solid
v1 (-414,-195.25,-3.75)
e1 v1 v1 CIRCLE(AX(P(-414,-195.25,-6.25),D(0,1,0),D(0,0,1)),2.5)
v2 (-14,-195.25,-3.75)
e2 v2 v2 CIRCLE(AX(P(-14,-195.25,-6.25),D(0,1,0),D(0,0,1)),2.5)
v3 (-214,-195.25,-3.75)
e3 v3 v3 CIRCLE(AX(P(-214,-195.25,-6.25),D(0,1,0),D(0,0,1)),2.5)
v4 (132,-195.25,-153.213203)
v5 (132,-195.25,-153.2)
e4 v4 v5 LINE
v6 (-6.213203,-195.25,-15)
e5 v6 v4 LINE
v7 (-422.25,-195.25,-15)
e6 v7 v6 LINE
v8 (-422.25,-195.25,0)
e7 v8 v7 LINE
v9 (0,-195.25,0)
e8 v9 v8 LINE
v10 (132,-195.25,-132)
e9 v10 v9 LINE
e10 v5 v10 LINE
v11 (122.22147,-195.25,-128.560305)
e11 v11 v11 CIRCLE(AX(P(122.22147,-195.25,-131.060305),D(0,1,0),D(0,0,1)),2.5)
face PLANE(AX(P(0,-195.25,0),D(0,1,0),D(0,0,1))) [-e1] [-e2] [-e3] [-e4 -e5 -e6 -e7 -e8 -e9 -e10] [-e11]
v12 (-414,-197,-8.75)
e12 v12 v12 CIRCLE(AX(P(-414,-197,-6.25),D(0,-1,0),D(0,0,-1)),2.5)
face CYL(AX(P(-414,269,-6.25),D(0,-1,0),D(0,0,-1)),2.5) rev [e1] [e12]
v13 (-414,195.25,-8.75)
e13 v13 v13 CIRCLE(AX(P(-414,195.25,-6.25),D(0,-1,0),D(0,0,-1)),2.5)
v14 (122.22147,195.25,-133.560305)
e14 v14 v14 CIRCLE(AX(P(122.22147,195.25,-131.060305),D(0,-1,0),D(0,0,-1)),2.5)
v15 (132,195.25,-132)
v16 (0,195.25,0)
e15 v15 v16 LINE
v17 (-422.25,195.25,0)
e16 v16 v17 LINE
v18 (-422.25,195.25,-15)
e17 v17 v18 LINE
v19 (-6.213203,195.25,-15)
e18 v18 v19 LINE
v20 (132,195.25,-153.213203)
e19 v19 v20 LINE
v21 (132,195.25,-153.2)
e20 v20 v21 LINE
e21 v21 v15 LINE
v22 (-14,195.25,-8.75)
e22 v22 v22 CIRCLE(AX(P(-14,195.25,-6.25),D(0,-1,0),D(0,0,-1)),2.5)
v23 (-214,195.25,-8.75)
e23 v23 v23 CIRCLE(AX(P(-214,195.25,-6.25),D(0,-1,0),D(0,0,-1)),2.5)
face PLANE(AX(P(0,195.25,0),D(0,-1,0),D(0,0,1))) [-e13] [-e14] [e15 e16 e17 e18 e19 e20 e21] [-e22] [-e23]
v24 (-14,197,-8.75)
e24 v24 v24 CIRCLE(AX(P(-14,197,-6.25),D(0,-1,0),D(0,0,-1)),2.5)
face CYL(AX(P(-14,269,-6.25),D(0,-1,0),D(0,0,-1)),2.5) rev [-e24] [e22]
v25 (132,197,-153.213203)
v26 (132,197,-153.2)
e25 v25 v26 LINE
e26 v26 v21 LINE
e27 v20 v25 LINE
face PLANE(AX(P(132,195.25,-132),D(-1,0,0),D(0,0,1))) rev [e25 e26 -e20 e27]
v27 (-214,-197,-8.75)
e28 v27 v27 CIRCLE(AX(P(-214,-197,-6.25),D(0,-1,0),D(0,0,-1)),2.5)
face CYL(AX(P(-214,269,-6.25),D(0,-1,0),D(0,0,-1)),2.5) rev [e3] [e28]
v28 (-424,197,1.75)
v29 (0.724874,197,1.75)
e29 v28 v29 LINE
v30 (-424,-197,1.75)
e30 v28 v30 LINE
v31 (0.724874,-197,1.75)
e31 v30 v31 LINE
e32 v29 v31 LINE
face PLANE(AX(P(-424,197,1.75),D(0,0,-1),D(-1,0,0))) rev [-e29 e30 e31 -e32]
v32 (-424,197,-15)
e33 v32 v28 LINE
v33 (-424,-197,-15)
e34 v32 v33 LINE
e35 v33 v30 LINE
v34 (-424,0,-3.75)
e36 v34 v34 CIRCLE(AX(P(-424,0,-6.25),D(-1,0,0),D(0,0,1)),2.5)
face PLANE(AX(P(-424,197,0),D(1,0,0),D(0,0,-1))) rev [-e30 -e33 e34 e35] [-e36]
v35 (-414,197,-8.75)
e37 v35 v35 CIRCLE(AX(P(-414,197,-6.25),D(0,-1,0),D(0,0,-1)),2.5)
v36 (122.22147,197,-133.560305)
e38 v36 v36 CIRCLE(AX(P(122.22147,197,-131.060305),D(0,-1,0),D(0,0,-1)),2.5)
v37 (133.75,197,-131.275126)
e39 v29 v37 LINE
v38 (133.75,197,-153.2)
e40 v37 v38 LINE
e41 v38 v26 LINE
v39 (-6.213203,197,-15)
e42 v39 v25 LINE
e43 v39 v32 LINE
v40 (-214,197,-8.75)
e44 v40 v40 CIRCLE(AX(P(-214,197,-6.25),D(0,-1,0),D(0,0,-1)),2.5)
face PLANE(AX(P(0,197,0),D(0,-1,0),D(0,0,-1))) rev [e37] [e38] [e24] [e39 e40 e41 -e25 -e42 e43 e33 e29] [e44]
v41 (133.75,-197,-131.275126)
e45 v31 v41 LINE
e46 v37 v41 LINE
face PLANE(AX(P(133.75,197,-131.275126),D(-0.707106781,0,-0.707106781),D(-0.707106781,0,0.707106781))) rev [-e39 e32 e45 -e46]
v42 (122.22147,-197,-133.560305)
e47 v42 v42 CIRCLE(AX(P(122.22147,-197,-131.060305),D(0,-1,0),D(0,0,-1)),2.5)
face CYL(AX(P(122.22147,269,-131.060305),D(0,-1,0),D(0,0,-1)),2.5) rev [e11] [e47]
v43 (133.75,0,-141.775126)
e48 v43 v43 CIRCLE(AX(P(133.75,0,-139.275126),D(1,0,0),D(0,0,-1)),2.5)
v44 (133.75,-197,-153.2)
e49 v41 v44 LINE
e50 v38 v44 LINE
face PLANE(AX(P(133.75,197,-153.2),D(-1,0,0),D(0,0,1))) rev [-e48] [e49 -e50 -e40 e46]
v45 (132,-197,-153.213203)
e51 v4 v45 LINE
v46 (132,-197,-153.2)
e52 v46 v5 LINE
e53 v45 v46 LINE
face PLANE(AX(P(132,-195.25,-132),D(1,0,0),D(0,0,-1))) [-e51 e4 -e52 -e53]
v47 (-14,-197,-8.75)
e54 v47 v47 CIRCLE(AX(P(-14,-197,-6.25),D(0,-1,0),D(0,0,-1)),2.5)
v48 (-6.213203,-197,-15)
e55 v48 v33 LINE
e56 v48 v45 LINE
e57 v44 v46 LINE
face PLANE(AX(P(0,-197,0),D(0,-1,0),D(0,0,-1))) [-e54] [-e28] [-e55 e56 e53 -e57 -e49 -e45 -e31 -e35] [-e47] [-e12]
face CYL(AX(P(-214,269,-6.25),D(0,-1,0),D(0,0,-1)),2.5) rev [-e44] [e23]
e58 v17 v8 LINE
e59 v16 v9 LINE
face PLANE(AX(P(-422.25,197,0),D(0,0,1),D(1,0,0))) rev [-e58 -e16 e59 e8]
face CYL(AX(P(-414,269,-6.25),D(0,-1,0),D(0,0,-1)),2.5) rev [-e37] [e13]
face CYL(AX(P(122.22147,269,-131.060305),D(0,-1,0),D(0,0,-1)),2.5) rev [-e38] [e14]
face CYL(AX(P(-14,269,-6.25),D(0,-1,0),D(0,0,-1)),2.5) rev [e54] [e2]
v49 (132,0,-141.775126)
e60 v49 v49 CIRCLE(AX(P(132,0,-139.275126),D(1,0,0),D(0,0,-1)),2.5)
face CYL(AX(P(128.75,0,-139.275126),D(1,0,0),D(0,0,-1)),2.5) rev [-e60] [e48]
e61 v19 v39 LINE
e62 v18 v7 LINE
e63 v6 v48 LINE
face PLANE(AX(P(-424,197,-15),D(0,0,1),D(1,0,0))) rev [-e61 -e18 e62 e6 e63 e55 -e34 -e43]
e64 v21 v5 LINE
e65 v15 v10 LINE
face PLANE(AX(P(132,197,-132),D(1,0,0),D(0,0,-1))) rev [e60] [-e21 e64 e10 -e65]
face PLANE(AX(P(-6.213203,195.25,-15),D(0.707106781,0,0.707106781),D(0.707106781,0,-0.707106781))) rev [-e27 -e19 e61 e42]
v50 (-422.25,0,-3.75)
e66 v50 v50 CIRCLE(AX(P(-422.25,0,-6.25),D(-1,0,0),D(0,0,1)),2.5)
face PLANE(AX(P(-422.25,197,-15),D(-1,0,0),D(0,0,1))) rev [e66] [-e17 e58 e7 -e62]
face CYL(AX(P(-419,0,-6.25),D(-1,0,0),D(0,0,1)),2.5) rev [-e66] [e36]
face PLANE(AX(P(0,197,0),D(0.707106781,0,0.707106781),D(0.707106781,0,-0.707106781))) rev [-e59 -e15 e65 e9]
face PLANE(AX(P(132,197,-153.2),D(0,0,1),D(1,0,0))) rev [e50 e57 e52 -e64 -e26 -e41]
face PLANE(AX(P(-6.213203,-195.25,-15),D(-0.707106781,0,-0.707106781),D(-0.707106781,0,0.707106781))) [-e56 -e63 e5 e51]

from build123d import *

# Parameters (mm, degrees)
DODANIE_WYCI_GNI_CIE1_DEPTH = 197
DODANIE_WYCI_GNI_CIE2_DEPTH = 1.75
SZKIC3_R                    = 2.5
WYTNIJ_WYCI_GNI_CIE1_DEPTH  = 466
SZKIC4_R                    = 2.5
WYTNIJ_WYCI_GNI_CIE2_DEPTH  = 5
SZKIC5_R                    = 2.5
WYTNIJ_WYCI_GNI_CIE3_DEPTH  = 5


with BuildPart() as part:
    # Szkic1 → Dodanie-wyciągnięcie1 (new body, symmetric)
    with BuildSketch(Plane(origin=(0, 0, 0), x_dir=(1, 0, 0), z_dir=(0, 1, 0))):
        Polygon((-422.25, 0), (0, 0), (132, 132), (132, 153.2), (133.75, 153.2), (133.75, 131.275126266), (0.724873734, -1.75), (-424, -1.75), (-424, 0), (-424, 15), (-422.25, 15), align=None)
    extrude(amount=DODANIE_WYCI_GNI_CIE1_DEPTH, both=True)

    # Szkic2 → Dodanie-wyciągnięcie2 (add)
    with BuildSketch(Plane.XZ.offset(197)):
        Polygon((-422.25, -15), (-422.25, 0), (0, 0), (132, -132), (132, -153.213203436), (-6.213203436, -15), align=None)
    dodanie_wyci_gni_cie2 = extrude(amount=-DODANIE_WYCI_GNI_CIE2_DEPTH)

    # Lustro1: Dodanie-wyciągnięcie2 across plane
    add(dodanie_wyci_gni_cie2.mirror(Plane.ZX))

    # Szkic3 → Wytnij-wyciągnięcie1 (cut)
    with BuildSketch(Plane.XZ.offset(197)):
        with Locations((-414, -6.25)):
            Circle(SZKIC3_R)
        with Locations((-214, -6.25)):
            Circle(SZKIC3_R)
        with Locations((-14, -6.25)):
            Circle(SZKIC3_R)
        with Locations((122.221470087, -131.060304852)):
            Circle(SZKIC3_R)
    extrude(amount=-WYTNIJ_WYCI_GNI_CIE1_DEPTH, mode=Mode.SUBTRACT)

    # Szkic4 → Wytnij-wyciągnięcie2 (cut)
    with BuildSketch(Plane(origin=(133.75, 0, 0), x_dir=(0, 0, -1), z_dir=(1, 0, 0))):
        with Locations((139.275126266, 0)):
            Circle(SZKIC4_R)
    extrude(amount=-WYTNIJ_WYCI_GNI_CIE2_DEPTH, mode=Mode.SUBTRACT)

    # Szkic5 → Wytnij-wyciągnięcie3 (cut)
    with BuildSketch(Plane.ZY.offset(424)):
        with Locations((-6.25, 0)):
            Circle(SZKIC5_R)
    extrude(amount=-WYTNIJ_WYCI_GNI_CIE3_DEPTH, mode=Mode.SUBTRACT)


solid = part.part
